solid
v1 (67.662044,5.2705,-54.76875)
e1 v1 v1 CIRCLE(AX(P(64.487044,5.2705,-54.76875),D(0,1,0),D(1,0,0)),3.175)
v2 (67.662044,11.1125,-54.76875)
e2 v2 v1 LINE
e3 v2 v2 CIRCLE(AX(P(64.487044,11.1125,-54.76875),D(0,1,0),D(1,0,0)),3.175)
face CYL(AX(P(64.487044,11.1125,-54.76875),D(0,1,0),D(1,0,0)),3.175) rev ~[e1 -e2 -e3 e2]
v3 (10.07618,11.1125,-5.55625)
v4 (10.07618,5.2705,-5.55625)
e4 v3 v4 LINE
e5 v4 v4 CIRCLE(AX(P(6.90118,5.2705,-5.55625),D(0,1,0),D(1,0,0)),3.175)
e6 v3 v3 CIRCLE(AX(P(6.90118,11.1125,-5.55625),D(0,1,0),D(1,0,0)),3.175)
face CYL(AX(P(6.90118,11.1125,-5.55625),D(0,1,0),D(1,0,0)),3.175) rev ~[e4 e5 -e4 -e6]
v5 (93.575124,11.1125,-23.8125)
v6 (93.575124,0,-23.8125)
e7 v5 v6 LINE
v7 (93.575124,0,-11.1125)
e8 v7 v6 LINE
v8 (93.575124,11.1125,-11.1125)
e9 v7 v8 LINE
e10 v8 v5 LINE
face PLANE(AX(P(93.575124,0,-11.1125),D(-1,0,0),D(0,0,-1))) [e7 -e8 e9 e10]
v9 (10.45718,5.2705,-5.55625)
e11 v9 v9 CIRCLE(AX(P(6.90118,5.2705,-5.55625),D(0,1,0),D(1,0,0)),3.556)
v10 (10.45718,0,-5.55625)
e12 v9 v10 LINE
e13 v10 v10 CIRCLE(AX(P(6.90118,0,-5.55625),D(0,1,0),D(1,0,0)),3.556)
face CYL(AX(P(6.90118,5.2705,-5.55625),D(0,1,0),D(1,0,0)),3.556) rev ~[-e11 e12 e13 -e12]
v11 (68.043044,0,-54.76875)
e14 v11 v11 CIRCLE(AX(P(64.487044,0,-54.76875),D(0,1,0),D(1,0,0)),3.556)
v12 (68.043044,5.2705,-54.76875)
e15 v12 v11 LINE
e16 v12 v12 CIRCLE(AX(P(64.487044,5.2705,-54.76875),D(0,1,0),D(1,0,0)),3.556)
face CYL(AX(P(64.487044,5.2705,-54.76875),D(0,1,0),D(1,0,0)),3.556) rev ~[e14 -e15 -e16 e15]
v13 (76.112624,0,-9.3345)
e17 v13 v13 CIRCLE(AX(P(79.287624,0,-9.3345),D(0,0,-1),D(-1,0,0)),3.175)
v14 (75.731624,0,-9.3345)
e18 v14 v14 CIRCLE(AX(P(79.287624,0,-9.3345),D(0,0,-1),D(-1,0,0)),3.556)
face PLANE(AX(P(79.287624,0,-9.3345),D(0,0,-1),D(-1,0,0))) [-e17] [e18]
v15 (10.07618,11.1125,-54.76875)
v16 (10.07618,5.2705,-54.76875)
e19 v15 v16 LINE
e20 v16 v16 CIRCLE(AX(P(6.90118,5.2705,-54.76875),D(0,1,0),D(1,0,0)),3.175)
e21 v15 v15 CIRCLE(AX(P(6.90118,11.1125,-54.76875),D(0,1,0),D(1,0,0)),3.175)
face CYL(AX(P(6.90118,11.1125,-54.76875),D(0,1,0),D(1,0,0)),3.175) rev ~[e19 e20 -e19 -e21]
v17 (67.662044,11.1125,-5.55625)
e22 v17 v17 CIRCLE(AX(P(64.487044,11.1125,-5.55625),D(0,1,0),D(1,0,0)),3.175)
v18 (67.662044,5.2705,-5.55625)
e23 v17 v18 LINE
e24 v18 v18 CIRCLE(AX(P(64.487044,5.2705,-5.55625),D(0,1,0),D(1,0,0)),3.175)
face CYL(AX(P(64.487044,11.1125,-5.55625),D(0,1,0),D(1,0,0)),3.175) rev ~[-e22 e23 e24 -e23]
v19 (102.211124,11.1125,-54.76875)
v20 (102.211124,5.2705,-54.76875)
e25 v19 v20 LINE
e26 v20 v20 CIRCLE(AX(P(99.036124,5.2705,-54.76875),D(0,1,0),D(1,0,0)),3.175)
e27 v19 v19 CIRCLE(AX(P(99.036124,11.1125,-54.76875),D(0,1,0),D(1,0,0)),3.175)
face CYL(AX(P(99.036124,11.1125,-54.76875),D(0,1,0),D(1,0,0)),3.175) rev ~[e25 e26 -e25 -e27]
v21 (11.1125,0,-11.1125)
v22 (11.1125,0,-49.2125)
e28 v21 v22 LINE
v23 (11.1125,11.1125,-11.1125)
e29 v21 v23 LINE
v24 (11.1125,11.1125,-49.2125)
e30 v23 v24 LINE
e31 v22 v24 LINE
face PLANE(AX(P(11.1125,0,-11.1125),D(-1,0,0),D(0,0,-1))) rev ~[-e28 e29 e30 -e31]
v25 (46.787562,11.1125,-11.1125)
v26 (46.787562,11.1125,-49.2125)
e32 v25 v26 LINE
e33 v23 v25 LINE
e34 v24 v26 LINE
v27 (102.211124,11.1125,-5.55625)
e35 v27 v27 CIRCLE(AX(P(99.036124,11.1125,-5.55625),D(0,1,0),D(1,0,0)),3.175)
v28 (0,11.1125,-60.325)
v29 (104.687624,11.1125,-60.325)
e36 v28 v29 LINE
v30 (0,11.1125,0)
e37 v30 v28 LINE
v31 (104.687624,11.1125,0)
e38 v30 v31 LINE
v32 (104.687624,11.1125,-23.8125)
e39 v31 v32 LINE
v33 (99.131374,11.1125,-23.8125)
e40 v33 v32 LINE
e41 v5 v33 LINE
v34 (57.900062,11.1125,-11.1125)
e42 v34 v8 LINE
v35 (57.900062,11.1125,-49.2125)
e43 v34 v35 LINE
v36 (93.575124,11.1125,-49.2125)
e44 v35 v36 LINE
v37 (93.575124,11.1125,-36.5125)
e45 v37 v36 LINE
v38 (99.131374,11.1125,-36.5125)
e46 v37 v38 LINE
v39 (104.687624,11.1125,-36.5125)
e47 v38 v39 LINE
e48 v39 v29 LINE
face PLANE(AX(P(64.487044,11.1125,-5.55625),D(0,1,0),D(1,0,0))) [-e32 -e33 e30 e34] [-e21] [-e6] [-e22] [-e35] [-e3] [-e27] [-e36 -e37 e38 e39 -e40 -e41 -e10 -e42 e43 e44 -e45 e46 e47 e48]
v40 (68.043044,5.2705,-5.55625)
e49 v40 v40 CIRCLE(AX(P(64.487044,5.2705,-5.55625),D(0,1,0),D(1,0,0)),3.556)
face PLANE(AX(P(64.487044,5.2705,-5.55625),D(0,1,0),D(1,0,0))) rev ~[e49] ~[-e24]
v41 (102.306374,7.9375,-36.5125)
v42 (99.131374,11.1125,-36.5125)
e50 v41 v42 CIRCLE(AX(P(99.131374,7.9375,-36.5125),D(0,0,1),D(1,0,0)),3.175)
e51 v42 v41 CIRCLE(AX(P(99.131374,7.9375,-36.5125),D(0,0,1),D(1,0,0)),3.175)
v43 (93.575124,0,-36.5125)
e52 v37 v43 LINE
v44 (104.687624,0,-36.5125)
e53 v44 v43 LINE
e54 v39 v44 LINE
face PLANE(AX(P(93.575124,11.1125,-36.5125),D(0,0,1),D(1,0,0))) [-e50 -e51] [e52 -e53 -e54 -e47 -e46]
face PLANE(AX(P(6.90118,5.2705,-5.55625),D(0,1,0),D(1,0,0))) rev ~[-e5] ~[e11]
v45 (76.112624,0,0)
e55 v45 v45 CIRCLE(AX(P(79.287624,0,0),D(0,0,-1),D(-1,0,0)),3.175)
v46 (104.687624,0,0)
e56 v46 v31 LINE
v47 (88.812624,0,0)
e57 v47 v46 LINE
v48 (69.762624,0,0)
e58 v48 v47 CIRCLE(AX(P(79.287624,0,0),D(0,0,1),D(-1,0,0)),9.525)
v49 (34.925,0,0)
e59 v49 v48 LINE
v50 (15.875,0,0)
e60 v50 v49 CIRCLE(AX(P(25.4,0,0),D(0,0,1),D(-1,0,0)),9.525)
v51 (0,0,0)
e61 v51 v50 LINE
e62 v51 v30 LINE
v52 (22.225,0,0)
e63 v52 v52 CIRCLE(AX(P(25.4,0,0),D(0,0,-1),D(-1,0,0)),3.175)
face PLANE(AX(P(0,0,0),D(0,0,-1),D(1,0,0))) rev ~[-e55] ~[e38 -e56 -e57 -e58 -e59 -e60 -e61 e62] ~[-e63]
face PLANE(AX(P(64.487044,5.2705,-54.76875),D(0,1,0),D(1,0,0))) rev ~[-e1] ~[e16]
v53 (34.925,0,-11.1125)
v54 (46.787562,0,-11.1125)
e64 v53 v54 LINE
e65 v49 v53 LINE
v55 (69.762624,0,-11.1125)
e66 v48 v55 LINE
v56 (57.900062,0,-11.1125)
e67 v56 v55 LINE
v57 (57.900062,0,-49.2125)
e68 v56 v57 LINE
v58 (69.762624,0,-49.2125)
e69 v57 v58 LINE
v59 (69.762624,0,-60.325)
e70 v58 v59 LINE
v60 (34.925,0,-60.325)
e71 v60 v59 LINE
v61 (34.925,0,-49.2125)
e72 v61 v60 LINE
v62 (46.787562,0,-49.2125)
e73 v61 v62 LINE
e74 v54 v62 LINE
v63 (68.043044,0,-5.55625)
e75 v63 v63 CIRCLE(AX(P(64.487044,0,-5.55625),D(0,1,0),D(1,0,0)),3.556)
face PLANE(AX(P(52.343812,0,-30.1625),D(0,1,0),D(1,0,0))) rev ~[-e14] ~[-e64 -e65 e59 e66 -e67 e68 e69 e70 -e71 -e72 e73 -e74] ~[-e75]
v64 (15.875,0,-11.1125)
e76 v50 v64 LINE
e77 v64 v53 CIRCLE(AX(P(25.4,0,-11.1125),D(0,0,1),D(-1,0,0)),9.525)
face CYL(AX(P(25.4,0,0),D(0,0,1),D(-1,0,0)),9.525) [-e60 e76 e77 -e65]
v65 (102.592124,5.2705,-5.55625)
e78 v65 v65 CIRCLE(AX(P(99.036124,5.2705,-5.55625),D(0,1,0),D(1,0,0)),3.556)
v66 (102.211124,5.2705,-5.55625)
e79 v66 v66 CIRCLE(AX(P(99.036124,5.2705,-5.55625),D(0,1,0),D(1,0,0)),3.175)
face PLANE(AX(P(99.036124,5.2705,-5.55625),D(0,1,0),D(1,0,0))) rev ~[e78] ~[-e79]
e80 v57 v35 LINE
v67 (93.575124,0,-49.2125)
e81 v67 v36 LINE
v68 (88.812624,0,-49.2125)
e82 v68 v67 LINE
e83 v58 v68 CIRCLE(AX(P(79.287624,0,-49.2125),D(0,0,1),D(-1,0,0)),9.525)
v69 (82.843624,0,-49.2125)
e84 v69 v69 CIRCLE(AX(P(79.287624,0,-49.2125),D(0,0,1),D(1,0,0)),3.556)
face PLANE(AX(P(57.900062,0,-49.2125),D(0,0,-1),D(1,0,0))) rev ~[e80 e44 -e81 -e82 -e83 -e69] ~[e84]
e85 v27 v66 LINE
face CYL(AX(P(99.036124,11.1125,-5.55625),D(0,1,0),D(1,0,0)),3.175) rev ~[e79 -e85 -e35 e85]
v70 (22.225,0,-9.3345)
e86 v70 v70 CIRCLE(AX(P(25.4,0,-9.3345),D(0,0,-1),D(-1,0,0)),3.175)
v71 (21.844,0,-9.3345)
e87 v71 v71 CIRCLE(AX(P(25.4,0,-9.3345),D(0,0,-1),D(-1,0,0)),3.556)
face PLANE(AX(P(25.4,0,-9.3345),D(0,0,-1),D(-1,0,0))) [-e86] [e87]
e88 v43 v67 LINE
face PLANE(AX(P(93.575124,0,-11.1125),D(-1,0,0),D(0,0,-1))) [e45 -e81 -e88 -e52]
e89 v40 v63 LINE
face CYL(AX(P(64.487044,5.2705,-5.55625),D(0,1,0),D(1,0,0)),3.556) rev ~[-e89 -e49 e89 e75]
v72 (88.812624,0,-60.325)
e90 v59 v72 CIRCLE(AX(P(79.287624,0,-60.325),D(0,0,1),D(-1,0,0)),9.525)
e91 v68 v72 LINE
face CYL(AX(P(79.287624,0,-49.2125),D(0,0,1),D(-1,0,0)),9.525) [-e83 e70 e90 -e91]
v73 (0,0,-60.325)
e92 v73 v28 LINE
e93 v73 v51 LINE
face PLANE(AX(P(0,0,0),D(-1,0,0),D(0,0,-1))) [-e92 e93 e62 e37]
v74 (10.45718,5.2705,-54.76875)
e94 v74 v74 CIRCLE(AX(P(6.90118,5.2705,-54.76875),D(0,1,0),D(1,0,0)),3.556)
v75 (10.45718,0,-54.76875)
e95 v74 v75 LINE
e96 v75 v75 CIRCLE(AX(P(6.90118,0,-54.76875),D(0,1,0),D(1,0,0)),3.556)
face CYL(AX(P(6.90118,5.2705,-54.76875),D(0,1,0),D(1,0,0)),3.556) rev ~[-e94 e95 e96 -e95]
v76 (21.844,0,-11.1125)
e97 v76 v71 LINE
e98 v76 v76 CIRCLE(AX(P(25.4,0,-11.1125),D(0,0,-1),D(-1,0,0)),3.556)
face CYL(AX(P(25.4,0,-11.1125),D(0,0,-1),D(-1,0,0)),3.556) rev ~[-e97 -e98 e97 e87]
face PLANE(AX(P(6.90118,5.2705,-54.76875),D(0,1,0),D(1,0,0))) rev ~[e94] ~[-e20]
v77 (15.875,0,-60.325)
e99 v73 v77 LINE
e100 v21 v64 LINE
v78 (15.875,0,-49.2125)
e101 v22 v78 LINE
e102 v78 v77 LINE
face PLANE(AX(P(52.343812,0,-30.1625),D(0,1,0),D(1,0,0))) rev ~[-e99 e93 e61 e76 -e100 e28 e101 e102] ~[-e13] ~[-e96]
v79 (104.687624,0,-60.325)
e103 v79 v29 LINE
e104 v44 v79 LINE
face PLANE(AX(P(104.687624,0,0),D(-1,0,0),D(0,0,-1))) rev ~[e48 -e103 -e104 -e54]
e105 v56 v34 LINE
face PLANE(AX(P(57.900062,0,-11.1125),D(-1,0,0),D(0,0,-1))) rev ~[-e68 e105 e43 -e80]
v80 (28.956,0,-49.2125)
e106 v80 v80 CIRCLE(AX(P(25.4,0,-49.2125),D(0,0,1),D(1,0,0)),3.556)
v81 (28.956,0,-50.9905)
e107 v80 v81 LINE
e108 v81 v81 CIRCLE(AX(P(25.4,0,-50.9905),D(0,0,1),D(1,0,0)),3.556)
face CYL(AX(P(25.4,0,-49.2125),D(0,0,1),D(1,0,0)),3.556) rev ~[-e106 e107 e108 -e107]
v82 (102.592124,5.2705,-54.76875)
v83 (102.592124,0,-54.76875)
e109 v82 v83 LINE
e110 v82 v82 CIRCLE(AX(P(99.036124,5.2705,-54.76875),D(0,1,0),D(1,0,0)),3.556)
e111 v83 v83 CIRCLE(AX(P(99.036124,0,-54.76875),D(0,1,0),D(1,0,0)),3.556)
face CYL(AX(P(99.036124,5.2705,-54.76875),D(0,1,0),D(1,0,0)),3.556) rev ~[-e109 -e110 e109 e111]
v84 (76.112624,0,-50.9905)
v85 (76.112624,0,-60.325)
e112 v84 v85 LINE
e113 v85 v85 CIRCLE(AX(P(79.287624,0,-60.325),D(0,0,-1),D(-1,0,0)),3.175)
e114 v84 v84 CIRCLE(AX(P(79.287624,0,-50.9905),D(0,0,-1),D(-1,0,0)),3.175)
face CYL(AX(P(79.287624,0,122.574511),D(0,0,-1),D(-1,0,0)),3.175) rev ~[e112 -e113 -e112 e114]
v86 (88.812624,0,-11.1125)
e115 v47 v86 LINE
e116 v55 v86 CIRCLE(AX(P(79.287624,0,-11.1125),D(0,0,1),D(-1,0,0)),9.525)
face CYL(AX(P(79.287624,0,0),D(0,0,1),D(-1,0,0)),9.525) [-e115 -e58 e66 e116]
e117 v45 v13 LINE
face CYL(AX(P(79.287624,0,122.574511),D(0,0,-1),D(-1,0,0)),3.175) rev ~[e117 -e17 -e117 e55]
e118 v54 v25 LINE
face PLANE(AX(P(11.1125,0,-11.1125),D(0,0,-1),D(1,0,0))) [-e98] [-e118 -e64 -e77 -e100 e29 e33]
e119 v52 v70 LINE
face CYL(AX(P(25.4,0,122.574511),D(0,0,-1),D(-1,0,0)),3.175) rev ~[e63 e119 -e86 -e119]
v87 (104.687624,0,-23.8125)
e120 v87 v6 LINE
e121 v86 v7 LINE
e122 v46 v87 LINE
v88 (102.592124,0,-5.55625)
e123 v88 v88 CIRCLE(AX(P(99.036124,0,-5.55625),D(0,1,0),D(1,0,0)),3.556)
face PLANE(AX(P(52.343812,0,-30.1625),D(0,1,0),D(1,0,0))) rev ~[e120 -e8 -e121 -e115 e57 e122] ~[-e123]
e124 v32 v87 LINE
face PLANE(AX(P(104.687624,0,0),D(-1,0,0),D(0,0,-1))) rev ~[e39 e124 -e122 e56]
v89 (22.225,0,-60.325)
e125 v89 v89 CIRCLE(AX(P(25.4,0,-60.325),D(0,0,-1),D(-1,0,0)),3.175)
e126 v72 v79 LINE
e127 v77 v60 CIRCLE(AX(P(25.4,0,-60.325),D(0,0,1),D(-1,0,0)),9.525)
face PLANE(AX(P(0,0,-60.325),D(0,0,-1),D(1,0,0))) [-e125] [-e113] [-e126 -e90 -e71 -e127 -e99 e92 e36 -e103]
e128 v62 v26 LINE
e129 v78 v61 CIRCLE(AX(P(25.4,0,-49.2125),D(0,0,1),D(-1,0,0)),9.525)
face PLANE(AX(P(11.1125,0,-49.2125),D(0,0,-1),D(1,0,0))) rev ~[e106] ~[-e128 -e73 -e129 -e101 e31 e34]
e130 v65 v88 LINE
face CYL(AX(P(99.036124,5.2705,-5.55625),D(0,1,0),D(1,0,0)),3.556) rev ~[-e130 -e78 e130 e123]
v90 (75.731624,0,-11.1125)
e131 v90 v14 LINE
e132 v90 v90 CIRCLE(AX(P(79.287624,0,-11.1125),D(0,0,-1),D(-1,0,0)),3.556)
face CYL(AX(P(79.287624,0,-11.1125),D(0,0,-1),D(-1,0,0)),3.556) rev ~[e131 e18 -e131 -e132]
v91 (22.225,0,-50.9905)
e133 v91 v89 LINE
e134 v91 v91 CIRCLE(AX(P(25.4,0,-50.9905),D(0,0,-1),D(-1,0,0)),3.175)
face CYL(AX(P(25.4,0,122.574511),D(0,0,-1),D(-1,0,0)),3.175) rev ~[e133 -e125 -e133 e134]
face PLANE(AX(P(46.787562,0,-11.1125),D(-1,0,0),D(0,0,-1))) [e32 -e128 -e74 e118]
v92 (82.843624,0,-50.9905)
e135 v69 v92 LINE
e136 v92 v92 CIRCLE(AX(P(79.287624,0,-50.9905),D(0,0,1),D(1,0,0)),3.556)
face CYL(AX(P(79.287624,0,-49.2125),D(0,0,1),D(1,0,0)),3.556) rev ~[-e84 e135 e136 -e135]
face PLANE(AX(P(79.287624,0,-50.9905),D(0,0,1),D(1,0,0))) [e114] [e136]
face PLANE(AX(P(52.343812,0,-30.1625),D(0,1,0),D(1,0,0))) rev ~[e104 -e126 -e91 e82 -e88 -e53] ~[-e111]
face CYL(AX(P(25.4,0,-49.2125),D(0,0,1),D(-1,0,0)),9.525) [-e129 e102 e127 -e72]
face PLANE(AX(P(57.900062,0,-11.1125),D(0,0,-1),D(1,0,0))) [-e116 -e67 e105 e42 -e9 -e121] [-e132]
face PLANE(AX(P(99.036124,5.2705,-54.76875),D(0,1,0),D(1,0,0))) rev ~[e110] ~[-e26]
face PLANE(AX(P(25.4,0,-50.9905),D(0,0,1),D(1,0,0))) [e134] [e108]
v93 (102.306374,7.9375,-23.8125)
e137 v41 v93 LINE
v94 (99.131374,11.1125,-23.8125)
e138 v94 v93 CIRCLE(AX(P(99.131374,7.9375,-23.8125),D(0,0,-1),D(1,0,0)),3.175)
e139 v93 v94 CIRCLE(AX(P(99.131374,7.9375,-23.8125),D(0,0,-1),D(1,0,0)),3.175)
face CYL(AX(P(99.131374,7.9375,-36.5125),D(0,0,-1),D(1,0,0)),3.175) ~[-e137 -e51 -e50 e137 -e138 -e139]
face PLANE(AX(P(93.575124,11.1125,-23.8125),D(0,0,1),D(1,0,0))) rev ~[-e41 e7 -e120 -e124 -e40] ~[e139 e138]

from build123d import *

# Parameters (mm, degrees)
SKETCH1_W                    = 104.687624
SKETCH1_H                    = 60.325
SKETCH1_W_2                  = 35.675062
SKETCH1_H_2                  = 38.1
BOSS_EXTRUDE1_DEPTH          = 11.1125
BOSS_EXTRUDE32_DEPTH         = 11.1125
BOSS_EXTRUDE36_START         = -49.2125
BOSS_EXTRUDE36_DEPTH         = 11.1125
CUT_EXTRUDE1_REACH           = 22.637
SKETCH9_W                    = 11.1125
SKETCH9_H                    = 12.7
BOSS_EXTRUDE37_REACH         = 38.512
SKETCH10_R                   = 3.175
F_97_0_0059_DIAMETER_HOLE1_D = 6.35
SKETCH17_R                   = 3.556
CUT_EXTRUDE2_DEPTH           = 1.778
SKETCH18_R                   = 3.556
CUT_EXTRUDE3_DEPTH           = 1.778
SKETCH19_R                   = 3.175
CUT_EXTRUDE4_DEPTH           = 5.842
SKETCH20_R                   = 3.556
CUT_EXTRUDE7_DEPTH           = 6.842
CUT_EXTRUDE7_DEPTH_BACK      = 15.7955
SKETCH24_R                   = 3.556
SKETCH24_R_2                 = 3.175
BOSS_EXTRUDE40_DEPTH         = 5.842


with BuildPart() as part:
    # Sketch1 → Boss-Extrude1 (new body)
    with BuildSketch(Plane(origin=(0, 0, 0), x_dir=(1, 0, 0), z_dir=(0, 1, 0))):
        with Locations((52.343812, 30.1625)):
            Rectangle(SKETCH1_W, SKETCH1_H)
        with Locations((28.950031, 30.1625)):
            Rectangle(SKETCH1_W_2, SKETCH1_H_2, mode=Mode.SUBTRACT)
        with Locations((75.737593, 30.1625)):
            Rectangle(SKETCH1_W_2, SKETCH1_H_2, mode=Mode.SUBTRACT)
    extrude(amount=BOSS_EXTRUDE1_DEPTH)

    # Sketch2 → Boss-Extrude32 (add)
    with BuildSketch(Plane.XY):
        with BuildLine():
            Line((0, 11.1125), (0, 0))
            Line((0, 0), (15.875, 0))
            ThreePointArc((15.875, 0), (25.4, -9.525), (34.925, 0))
            Line((34.925, 0), (69.762624, 0))
            ThreePointArc((69.762624, 0), (79.287624, -9.525), (88.812624, 0))
            Line((88.812624, 0), (104.687624, 0))
            Line((104.687624, 0), (104.687624, 11.1125))
            Line((104.687624, 11.1125), (0, 11.1125))
        make_face()
    extrude(amount=-BOSS_EXTRUDE32_DEPTH)

    # Sketch2<11> → Boss-Extrude36 (add)
    with BuildSketch(Plane.XY.offset(BOSS_EXTRUDE36_START)):
        with BuildLine():
            Line((0, 11.1125), (0, 0))
            Line((0, 0), (15.875, 0))
            ThreePointArc((15.875, 0), (25.4, -9.525), (34.925, 0))
            Line((34.925, 0), (69.762624, 0))
            ThreePointArc((69.762624, 0), (79.287624, -9.525), (88.812624, 0))
            Line((88.812624, 0), (104.687624, 0))
            Line((104.687624, 0), (104.687624, 11.1125))
            Line((104.687624, 11.1125), (0, 11.1125))
        make_face()
    extrude(amount=-BOSS_EXTRUDE36_DEPTH)

    # Sketch9 → Cut-Extrude1 (cut, up to next)
    with BuildSketch(Plane(origin=(0, 11.1125, 0), x_dir=(1, 0, 0), z_dir=(0, 1, 0)), mode=Mode.PRIVATE) as cut_extrude1_sk1:
        with Locations((99.131374, 30.1625)):
            Rectangle(SKETCH9_W, SKETCH9_H)
    cut_extrude1_tool1 = extrude(cut_extrude1_sk1.sketch, amount=-CUT_EXTRUDE1_REACH, mode=Mode.PRIVATE) & part.part
    add(cut_extrude1_tool1.solids().sort_by_distance((99.131374, 11.1125, -30.1625))[0], mode=Mode.SUBTRACT)

    # Sketch10 → Boss-Extrude37 (add, up to next)
    with BuildSketch(Plane.XY.offset(-36.5125), mode=Mode.PRIVATE) as boss_extrude37_sk1:
        with Locations((99.131374, 7.9375)):
            Circle(SKETCH10_R)
    boss_extrude37_tool1 = extrude(boss_extrude37_sk1.sketch, amount=BOSS_EXTRUDE37_REACH, mode=Mode.PRIVATE) - part.part
    add(boss_extrude37_tool1.solids().sort_by_distance((99.131374, 7.9375, -36.5125))[0])

    # #97 (0.0059) Diameter Hole1 (through all)
    with Locations(Plane.XY):
        with Locations((25.4, 0), (79.287624, 0)):
            Hole(F_97_0_0059_DIAMETER_HOLE1_D / 2)

    # Sketch17 → Cut-Extrude2 (cut)
    with BuildSketch(Plane(origin=(0, 0, -11.1125), x_dir=(-1, 0, 0), z_dir=(0, 0, -1))):
        with Locations((-25.4, 0)):
            Circle(SKETCH17_R)
        with Locations((-79.287624, 0)):
            Circle(SKETCH17_R)
    extrude(amount=-CUT_EXTRUDE2_DEPTH, mode=Mode.SUBTRACT)

    # Sketch18 → Cut-Extrude3 (cut)
    with BuildSketch(Plane.XY.offset(-49.2125)):
        with Locations((25.4, 0)):
            Circle(SKETCH18_R)
        with Locations((79.287624, 0)):
            Circle(SKETCH18_R)
    extrude(amount=-CUT_EXTRUDE3_DEPTH, mode=Mode.SUBTRACT)

    # Sketch19 → Cut-Extrude4 (cut)
    with BuildSketch(Plane(origin=(0, 11.1125, 0), x_dir=(1, 0, 0), z_dir=(0, 1, 0))):
        with Locations((99.036124, 54.76875)):
            Circle(SKETCH19_R)
        with Locations((64.487044, 54.76875)):
            Circle(SKETCH19_R)
        with Locations((-40.811196, 54.76875)):
            Circle(SKETCH19_R)
        with Locations((99.036124, 5.55625)):
            Circle(SKETCH19_R)
        with Locations((64.487044, 5.55625)):
            Circle(SKETCH19_R)
        with Locations((-40.811196, 5.55625)):
            Circle(SKETCH19_R)
    extrude(amount=-CUT_EXTRUDE4_DEPTH, mode=Mode.SUBTRACT)

    # Sketch20 → Cut-Extrude7 (cut, two sides)
    with BuildSketch(Plane(origin=(0, 5.2705, 0), x_dir=(1, 0, 0), z_dir=(0, 1, 0))) as cut_extrude7_sk:
        with Locations((99.036124, 54.76875)):
            Circle(SKETCH20_R)
        with Locations((64.487044, 54.76875)):
            Circle(SKETCH20_R)
        with Locations((6.90118, 54.76875)):
            Circle(SKETCH20_R)
        with Locations((6.90118, 5.55625)):
            Circle(SKETCH20_R)
        with Locations((64.487044, 5.55625)):
            Circle(SKETCH20_R)
        with Locations((99.036124, 5.55625)):
            Circle(SKETCH20_R)
    extrude(amount=CUT_EXTRUDE7_DEPTH, mode=Mode.SUBTRACT)
    extrude(cut_extrude7_sk.sketch, amount=-CUT_EXTRUDE7_DEPTH_BACK, mode=Mode.SUBTRACT)

    # Sketch24 → Boss-Extrude40 (add)
    with BuildSketch(Plane(origin=(0, 11.1125, 0), x_dir=(1, 0, 0), z_dir=(0, 1, 0))):
        with Locations((64.487044, 5.55625)):
            Circle(SKETCH24_R)
        with Locations((64.487044, 5.55625)):
            Circle(SKETCH24_R_2, mode=Mode.SUBTRACT)
        with Locations((6.90118, 54.76875)):
            Circle(SKETCH24_R)
        with Locations((6.90118, 54.76875)):
            Circle(SKETCH24_R_2, mode=Mode.SUBTRACT)
        with Locations((64.487044, 54.76875)):
            Circle(SKETCH24_R)
        with Locations((64.487044, 54.76875)):
            Circle(SKETCH24_R_2, mode=Mode.SUBTRACT)
        with Locations((99.036124, 54.76875)):
            Circle(SKETCH24_R)
        with Locations((99.036124, 54.76875)):
            Circle(SKETCH24_R_2, mode=Mode.SUBTRACT)
        with Locations((99.036124, 5.55625)):
            Circle(SKETCH24_R)
        with Locations((99.036124, 5.55625)):
            Circle(SKETCH24_R_2, mode=Mode.SUBTRACT)
        with Locations((6.90118, 5.55625)):
            Circle(SKETCH24_R)
        with Locations((6.90118, 5.55625)):
            Circle(SKETCH24_R_2, mode=Mode.SUBTRACT)
    extrude(amount=-BOSS_EXTRUDE40_DEPTH)


solid = part.part
